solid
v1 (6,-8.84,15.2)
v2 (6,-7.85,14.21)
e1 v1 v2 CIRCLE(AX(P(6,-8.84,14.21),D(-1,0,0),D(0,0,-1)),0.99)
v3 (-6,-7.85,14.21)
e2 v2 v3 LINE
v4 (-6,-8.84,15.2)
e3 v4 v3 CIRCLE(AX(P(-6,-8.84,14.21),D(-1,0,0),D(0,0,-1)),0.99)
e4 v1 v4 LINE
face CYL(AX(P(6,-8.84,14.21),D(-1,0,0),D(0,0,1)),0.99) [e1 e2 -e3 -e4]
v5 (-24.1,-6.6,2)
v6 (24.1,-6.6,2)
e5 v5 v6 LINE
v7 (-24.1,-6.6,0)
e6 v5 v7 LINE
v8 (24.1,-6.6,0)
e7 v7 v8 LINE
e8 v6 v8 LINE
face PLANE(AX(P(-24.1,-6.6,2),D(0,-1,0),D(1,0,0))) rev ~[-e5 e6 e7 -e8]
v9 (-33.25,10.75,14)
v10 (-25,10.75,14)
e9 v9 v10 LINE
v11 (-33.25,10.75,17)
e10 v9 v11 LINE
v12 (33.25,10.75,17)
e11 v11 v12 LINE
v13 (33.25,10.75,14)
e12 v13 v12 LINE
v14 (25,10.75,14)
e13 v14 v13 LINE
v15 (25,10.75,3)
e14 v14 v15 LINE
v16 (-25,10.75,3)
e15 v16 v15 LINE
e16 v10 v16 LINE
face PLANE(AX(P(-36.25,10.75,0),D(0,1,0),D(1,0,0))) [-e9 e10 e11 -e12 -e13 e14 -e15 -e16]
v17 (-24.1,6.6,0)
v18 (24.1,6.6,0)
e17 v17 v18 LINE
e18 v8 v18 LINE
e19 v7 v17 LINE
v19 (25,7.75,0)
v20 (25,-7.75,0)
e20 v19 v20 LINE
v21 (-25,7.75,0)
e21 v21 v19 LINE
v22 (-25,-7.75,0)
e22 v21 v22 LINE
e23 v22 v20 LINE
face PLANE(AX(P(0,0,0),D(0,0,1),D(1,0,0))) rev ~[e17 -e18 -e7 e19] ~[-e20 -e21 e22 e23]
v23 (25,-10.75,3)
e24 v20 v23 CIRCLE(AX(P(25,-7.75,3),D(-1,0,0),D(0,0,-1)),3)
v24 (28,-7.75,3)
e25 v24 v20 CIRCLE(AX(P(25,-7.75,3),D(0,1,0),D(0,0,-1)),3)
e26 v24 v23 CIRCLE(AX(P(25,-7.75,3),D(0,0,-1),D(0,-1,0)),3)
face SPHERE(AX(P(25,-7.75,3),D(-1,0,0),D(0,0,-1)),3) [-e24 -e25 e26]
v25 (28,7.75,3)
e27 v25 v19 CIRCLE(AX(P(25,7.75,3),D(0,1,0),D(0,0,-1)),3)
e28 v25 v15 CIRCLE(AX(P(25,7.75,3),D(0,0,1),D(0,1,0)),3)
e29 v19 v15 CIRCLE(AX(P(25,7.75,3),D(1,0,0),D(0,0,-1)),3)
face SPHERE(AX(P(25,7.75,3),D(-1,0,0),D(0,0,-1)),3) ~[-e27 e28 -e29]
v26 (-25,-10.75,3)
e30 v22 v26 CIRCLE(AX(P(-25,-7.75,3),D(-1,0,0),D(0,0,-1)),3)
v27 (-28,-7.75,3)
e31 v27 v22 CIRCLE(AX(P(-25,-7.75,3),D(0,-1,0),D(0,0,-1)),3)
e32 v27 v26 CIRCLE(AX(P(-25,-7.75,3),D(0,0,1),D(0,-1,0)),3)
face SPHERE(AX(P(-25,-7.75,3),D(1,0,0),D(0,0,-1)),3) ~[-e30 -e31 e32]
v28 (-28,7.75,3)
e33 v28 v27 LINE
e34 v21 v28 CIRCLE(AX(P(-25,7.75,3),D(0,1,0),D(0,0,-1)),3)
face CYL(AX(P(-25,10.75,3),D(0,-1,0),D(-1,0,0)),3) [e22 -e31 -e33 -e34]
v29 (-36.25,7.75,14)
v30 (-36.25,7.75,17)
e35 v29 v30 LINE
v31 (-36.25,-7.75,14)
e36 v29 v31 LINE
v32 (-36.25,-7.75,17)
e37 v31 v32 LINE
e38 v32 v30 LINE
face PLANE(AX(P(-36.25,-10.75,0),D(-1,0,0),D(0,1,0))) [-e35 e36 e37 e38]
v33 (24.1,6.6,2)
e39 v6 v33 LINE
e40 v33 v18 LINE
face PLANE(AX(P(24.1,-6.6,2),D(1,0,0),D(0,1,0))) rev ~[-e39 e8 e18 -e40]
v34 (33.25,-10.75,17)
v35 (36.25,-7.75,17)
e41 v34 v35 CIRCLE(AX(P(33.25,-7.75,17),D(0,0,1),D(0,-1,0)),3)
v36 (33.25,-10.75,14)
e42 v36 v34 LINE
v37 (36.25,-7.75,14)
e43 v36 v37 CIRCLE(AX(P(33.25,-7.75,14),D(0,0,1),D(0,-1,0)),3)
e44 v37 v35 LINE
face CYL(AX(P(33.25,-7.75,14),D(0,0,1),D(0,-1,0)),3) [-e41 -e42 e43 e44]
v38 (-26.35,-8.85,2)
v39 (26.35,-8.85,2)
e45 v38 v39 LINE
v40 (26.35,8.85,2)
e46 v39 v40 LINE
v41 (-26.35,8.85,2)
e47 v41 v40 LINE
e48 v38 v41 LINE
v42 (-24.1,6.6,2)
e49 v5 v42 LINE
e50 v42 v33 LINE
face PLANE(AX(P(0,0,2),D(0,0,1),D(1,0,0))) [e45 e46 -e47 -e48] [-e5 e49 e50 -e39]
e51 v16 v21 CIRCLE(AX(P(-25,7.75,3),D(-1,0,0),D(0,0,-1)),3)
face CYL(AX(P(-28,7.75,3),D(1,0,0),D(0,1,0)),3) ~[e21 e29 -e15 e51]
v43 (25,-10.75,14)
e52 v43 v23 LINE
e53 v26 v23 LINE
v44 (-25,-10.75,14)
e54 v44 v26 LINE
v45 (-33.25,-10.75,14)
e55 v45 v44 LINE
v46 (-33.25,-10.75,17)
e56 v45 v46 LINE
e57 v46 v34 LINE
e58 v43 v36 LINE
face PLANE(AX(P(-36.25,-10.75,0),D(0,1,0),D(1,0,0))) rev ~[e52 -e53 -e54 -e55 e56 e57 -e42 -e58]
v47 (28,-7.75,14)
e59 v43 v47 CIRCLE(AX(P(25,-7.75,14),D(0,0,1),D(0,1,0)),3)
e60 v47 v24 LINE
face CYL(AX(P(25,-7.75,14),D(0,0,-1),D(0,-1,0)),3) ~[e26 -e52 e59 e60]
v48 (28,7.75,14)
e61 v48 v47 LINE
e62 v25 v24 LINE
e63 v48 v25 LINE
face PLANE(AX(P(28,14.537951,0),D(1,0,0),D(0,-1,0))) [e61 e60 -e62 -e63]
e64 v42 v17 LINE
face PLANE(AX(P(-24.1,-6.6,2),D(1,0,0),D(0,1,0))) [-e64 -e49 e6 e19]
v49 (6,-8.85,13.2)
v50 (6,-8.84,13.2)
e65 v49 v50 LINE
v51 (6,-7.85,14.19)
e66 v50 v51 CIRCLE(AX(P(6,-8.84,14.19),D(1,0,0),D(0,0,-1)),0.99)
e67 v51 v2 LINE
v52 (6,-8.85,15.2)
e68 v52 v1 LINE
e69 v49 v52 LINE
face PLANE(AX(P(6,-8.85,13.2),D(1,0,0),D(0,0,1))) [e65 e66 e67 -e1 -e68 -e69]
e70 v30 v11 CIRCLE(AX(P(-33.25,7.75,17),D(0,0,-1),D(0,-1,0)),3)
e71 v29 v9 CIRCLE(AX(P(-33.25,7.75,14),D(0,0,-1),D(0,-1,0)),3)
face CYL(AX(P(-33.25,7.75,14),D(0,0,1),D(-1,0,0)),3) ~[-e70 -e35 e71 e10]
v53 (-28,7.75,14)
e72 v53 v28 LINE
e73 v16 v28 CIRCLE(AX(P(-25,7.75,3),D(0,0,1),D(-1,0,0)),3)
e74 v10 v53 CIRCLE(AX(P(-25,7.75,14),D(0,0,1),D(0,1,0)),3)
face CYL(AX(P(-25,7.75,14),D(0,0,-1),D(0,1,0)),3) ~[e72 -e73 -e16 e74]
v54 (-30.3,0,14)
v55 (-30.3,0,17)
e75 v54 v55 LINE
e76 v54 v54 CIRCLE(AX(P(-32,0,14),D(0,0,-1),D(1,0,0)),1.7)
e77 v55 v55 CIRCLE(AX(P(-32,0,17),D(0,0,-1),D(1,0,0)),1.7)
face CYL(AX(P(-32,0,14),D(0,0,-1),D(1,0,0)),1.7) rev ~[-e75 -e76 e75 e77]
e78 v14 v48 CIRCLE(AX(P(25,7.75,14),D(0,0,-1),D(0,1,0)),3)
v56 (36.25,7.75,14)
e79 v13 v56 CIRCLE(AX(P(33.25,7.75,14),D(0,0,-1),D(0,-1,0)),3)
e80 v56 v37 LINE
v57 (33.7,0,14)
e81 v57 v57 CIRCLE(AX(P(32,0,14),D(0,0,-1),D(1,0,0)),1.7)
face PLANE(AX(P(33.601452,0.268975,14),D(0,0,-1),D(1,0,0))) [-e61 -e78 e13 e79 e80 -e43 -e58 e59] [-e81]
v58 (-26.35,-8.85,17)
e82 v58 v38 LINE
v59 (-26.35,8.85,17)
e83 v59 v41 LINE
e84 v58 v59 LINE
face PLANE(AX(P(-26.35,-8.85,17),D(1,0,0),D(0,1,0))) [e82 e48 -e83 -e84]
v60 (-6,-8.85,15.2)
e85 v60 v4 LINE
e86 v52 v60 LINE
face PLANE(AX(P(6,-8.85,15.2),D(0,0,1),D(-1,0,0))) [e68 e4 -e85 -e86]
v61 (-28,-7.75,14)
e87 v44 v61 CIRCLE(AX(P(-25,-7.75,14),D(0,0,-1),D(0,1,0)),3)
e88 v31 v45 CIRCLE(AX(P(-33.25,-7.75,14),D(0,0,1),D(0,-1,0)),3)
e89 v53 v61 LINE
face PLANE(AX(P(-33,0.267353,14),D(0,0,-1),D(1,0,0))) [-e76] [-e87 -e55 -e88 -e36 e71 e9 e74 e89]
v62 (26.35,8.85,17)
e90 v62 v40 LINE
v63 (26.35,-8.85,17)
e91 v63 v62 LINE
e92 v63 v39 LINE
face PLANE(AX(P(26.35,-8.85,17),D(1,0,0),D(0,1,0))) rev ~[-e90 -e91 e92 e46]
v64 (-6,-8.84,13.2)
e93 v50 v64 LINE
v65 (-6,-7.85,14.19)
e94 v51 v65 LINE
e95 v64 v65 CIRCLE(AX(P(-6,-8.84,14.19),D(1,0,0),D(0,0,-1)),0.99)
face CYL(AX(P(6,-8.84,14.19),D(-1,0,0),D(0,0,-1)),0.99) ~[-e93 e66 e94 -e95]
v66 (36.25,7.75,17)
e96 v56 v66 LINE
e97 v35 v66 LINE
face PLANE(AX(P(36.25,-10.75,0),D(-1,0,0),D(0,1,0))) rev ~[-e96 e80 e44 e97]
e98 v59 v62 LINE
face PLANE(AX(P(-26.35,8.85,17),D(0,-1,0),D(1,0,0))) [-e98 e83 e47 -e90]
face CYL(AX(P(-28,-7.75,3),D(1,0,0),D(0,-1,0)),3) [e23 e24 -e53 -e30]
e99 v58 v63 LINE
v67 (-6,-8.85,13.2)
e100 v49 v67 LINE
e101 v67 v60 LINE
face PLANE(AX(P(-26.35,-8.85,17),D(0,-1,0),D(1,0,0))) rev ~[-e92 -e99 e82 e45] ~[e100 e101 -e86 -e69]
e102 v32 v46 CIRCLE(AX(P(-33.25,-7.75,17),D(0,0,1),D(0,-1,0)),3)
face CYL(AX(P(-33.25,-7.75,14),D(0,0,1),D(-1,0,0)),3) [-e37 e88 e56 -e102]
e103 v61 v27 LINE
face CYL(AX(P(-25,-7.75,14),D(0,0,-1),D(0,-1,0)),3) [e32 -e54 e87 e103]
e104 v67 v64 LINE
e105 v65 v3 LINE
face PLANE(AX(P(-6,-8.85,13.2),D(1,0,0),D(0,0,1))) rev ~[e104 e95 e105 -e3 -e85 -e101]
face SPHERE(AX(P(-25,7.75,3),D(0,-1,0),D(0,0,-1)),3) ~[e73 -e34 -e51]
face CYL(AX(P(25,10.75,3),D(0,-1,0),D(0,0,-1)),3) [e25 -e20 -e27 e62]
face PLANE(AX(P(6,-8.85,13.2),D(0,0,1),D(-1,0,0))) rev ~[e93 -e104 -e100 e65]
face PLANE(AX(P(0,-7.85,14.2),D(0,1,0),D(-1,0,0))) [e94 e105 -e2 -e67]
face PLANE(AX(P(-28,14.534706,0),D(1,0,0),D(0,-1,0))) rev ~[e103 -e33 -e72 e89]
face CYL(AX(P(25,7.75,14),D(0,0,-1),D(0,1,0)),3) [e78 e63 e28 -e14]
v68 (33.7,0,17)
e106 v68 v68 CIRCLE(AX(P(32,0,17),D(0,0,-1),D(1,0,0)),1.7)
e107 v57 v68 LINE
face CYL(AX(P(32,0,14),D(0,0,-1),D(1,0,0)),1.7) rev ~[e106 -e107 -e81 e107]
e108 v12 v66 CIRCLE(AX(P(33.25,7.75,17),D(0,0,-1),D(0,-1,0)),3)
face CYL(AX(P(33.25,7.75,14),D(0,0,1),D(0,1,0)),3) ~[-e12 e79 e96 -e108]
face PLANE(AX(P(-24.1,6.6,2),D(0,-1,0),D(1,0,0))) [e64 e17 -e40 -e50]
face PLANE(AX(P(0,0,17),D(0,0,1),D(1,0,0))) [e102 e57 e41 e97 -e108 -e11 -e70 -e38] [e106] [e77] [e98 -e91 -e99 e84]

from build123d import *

# Parameters (mm, degrees)
SKETCH_W        = 72.5
SKETCH_H        = 21.5
PAD_DEPTH       = 17
SKETCH001_W     = 52.7
SKETCH001_H     = 17.7
POCKET_DEPTH    = 15
SKETCH002_W     = 48.2
SKETCH002_H     = 13.2
POCKET001_DEPTH = 5
SKETCH003_W     = 10
SKETCH003_H     = 28.534706
SKETCH003_W_2   = 11.202904
SKETCH003_H_2   = 28.537951
POCKET002_DEPTH = 14
SKETCH004_R     = 1.7
POCKET003_DEPTH = 5
SKETCH005_W     = 12
SKETCH005_H     = 2
PAD001_DEPTH    = 1
FILLET_R        = 0.99
FILLET001_R     = 3
FILLET002_R     = 3


with BuildPart() as part:
    # Sketch → Pad (new body)
    with BuildSketch(Plane.XY):
        Rectangle(SKETCH_W, SKETCH_H)
    extrude(amount=PAD_DEPTH)

    # Sketch001 → Pocket (cut)
    with BuildSketch(Plane.XY.offset(17)):
        Rectangle(SKETCH001_W, SKETCH001_H)
    extrude(amount=-POCKET_DEPTH, mode=Mode.SUBTRACT)

    # Sketch002 → Pocket001 (cut)
    with BuildSketch(Plane.XY.offset(2)):
        Rectangle(SKETCH002_W, SKETCH002_H)
    extrude(amount=-POCKET001_DEPTH, mode=Mode.SUBTRACT)

    # Sketch003 → Pocket002 (cut)
    with BuildSketch(Plane(origin=(0, 0, 0), x_dir=(1, 0, 0), z_dir=(0, 0, -1))):
        with Locations((-33, -0.267353)):
            Rectangle(SKETCH003_W, SKETCH003_H)
        with Locations((33.601452, -0.268975)):
            Rectangle(SKETCH003_W_2, SKETCH003_H_2)
    extrude(amount=-POCKET002_DEPTH, mode=Mode.SUBTRACT)

    # Sketch004 → Pocket003 (cut)
    with BuildSketch(Plane(origin=(0, 0, 14), x_dir=(1, 0, 0), z_dir=(0, 0, -1))):
        with Locations((32, 0)):
            Circle(SKETCH004_R)
        with Locations((-32, 0)):
            Circle(SKETCH004_R)
    extrude(amount=-POCKET003_DEPTH, mode=Mode.SUBTRACT)

    # Sketch005 → Pad001 (new body)
    with BuildSketch(Plane(origin=(0, -8.85, 0), x_dir=(-1, 0, 0), z_dir=(0, 1, 0))):
        with Locations((0, 14.2)):
            Rectangle(SKETCH005_W, SKETCH005_H)
    extrude(amount=PAD001_DEPTH)

    # Fillet
    fillet_edges = [part.edges().sort_by_distance(p)[0] for p in [
        (0, -7.85, 15.2),
        (0, -7.85, 13.2),
    ]]
    fillet(fillet_edges, radius=FILLET_R)

    # Fillet001
    fillet001_edges = [part.edges().sort_by_distance(p)[0] for p in [
        (36.25, 10.75, 15.5),
        (36.25, -10.75, 15.5),
        (-36.25, 10.75, 15.5),
        (-36.25, -10.75, 15.5),
    ]]
    fillet(fillet001_edges, radius=FILLET001_R)

    # Fillet002
    fillet002_edges = [part.edges().sort_by_distance(p)[0] for p in [
        (0, -10.75, 0),
        (-28, 0, 0),
        (0, 10.75, 0),
        (28, 0, 0),
        (28, 10.75, 7),
        (28, -10.75, 7),
        (-28, -10.75, 7),
        (-28, 10.75, 7),
    ]]
    fillet(fillet002_edges, radius=FILLET002_R)


solid = part.part
